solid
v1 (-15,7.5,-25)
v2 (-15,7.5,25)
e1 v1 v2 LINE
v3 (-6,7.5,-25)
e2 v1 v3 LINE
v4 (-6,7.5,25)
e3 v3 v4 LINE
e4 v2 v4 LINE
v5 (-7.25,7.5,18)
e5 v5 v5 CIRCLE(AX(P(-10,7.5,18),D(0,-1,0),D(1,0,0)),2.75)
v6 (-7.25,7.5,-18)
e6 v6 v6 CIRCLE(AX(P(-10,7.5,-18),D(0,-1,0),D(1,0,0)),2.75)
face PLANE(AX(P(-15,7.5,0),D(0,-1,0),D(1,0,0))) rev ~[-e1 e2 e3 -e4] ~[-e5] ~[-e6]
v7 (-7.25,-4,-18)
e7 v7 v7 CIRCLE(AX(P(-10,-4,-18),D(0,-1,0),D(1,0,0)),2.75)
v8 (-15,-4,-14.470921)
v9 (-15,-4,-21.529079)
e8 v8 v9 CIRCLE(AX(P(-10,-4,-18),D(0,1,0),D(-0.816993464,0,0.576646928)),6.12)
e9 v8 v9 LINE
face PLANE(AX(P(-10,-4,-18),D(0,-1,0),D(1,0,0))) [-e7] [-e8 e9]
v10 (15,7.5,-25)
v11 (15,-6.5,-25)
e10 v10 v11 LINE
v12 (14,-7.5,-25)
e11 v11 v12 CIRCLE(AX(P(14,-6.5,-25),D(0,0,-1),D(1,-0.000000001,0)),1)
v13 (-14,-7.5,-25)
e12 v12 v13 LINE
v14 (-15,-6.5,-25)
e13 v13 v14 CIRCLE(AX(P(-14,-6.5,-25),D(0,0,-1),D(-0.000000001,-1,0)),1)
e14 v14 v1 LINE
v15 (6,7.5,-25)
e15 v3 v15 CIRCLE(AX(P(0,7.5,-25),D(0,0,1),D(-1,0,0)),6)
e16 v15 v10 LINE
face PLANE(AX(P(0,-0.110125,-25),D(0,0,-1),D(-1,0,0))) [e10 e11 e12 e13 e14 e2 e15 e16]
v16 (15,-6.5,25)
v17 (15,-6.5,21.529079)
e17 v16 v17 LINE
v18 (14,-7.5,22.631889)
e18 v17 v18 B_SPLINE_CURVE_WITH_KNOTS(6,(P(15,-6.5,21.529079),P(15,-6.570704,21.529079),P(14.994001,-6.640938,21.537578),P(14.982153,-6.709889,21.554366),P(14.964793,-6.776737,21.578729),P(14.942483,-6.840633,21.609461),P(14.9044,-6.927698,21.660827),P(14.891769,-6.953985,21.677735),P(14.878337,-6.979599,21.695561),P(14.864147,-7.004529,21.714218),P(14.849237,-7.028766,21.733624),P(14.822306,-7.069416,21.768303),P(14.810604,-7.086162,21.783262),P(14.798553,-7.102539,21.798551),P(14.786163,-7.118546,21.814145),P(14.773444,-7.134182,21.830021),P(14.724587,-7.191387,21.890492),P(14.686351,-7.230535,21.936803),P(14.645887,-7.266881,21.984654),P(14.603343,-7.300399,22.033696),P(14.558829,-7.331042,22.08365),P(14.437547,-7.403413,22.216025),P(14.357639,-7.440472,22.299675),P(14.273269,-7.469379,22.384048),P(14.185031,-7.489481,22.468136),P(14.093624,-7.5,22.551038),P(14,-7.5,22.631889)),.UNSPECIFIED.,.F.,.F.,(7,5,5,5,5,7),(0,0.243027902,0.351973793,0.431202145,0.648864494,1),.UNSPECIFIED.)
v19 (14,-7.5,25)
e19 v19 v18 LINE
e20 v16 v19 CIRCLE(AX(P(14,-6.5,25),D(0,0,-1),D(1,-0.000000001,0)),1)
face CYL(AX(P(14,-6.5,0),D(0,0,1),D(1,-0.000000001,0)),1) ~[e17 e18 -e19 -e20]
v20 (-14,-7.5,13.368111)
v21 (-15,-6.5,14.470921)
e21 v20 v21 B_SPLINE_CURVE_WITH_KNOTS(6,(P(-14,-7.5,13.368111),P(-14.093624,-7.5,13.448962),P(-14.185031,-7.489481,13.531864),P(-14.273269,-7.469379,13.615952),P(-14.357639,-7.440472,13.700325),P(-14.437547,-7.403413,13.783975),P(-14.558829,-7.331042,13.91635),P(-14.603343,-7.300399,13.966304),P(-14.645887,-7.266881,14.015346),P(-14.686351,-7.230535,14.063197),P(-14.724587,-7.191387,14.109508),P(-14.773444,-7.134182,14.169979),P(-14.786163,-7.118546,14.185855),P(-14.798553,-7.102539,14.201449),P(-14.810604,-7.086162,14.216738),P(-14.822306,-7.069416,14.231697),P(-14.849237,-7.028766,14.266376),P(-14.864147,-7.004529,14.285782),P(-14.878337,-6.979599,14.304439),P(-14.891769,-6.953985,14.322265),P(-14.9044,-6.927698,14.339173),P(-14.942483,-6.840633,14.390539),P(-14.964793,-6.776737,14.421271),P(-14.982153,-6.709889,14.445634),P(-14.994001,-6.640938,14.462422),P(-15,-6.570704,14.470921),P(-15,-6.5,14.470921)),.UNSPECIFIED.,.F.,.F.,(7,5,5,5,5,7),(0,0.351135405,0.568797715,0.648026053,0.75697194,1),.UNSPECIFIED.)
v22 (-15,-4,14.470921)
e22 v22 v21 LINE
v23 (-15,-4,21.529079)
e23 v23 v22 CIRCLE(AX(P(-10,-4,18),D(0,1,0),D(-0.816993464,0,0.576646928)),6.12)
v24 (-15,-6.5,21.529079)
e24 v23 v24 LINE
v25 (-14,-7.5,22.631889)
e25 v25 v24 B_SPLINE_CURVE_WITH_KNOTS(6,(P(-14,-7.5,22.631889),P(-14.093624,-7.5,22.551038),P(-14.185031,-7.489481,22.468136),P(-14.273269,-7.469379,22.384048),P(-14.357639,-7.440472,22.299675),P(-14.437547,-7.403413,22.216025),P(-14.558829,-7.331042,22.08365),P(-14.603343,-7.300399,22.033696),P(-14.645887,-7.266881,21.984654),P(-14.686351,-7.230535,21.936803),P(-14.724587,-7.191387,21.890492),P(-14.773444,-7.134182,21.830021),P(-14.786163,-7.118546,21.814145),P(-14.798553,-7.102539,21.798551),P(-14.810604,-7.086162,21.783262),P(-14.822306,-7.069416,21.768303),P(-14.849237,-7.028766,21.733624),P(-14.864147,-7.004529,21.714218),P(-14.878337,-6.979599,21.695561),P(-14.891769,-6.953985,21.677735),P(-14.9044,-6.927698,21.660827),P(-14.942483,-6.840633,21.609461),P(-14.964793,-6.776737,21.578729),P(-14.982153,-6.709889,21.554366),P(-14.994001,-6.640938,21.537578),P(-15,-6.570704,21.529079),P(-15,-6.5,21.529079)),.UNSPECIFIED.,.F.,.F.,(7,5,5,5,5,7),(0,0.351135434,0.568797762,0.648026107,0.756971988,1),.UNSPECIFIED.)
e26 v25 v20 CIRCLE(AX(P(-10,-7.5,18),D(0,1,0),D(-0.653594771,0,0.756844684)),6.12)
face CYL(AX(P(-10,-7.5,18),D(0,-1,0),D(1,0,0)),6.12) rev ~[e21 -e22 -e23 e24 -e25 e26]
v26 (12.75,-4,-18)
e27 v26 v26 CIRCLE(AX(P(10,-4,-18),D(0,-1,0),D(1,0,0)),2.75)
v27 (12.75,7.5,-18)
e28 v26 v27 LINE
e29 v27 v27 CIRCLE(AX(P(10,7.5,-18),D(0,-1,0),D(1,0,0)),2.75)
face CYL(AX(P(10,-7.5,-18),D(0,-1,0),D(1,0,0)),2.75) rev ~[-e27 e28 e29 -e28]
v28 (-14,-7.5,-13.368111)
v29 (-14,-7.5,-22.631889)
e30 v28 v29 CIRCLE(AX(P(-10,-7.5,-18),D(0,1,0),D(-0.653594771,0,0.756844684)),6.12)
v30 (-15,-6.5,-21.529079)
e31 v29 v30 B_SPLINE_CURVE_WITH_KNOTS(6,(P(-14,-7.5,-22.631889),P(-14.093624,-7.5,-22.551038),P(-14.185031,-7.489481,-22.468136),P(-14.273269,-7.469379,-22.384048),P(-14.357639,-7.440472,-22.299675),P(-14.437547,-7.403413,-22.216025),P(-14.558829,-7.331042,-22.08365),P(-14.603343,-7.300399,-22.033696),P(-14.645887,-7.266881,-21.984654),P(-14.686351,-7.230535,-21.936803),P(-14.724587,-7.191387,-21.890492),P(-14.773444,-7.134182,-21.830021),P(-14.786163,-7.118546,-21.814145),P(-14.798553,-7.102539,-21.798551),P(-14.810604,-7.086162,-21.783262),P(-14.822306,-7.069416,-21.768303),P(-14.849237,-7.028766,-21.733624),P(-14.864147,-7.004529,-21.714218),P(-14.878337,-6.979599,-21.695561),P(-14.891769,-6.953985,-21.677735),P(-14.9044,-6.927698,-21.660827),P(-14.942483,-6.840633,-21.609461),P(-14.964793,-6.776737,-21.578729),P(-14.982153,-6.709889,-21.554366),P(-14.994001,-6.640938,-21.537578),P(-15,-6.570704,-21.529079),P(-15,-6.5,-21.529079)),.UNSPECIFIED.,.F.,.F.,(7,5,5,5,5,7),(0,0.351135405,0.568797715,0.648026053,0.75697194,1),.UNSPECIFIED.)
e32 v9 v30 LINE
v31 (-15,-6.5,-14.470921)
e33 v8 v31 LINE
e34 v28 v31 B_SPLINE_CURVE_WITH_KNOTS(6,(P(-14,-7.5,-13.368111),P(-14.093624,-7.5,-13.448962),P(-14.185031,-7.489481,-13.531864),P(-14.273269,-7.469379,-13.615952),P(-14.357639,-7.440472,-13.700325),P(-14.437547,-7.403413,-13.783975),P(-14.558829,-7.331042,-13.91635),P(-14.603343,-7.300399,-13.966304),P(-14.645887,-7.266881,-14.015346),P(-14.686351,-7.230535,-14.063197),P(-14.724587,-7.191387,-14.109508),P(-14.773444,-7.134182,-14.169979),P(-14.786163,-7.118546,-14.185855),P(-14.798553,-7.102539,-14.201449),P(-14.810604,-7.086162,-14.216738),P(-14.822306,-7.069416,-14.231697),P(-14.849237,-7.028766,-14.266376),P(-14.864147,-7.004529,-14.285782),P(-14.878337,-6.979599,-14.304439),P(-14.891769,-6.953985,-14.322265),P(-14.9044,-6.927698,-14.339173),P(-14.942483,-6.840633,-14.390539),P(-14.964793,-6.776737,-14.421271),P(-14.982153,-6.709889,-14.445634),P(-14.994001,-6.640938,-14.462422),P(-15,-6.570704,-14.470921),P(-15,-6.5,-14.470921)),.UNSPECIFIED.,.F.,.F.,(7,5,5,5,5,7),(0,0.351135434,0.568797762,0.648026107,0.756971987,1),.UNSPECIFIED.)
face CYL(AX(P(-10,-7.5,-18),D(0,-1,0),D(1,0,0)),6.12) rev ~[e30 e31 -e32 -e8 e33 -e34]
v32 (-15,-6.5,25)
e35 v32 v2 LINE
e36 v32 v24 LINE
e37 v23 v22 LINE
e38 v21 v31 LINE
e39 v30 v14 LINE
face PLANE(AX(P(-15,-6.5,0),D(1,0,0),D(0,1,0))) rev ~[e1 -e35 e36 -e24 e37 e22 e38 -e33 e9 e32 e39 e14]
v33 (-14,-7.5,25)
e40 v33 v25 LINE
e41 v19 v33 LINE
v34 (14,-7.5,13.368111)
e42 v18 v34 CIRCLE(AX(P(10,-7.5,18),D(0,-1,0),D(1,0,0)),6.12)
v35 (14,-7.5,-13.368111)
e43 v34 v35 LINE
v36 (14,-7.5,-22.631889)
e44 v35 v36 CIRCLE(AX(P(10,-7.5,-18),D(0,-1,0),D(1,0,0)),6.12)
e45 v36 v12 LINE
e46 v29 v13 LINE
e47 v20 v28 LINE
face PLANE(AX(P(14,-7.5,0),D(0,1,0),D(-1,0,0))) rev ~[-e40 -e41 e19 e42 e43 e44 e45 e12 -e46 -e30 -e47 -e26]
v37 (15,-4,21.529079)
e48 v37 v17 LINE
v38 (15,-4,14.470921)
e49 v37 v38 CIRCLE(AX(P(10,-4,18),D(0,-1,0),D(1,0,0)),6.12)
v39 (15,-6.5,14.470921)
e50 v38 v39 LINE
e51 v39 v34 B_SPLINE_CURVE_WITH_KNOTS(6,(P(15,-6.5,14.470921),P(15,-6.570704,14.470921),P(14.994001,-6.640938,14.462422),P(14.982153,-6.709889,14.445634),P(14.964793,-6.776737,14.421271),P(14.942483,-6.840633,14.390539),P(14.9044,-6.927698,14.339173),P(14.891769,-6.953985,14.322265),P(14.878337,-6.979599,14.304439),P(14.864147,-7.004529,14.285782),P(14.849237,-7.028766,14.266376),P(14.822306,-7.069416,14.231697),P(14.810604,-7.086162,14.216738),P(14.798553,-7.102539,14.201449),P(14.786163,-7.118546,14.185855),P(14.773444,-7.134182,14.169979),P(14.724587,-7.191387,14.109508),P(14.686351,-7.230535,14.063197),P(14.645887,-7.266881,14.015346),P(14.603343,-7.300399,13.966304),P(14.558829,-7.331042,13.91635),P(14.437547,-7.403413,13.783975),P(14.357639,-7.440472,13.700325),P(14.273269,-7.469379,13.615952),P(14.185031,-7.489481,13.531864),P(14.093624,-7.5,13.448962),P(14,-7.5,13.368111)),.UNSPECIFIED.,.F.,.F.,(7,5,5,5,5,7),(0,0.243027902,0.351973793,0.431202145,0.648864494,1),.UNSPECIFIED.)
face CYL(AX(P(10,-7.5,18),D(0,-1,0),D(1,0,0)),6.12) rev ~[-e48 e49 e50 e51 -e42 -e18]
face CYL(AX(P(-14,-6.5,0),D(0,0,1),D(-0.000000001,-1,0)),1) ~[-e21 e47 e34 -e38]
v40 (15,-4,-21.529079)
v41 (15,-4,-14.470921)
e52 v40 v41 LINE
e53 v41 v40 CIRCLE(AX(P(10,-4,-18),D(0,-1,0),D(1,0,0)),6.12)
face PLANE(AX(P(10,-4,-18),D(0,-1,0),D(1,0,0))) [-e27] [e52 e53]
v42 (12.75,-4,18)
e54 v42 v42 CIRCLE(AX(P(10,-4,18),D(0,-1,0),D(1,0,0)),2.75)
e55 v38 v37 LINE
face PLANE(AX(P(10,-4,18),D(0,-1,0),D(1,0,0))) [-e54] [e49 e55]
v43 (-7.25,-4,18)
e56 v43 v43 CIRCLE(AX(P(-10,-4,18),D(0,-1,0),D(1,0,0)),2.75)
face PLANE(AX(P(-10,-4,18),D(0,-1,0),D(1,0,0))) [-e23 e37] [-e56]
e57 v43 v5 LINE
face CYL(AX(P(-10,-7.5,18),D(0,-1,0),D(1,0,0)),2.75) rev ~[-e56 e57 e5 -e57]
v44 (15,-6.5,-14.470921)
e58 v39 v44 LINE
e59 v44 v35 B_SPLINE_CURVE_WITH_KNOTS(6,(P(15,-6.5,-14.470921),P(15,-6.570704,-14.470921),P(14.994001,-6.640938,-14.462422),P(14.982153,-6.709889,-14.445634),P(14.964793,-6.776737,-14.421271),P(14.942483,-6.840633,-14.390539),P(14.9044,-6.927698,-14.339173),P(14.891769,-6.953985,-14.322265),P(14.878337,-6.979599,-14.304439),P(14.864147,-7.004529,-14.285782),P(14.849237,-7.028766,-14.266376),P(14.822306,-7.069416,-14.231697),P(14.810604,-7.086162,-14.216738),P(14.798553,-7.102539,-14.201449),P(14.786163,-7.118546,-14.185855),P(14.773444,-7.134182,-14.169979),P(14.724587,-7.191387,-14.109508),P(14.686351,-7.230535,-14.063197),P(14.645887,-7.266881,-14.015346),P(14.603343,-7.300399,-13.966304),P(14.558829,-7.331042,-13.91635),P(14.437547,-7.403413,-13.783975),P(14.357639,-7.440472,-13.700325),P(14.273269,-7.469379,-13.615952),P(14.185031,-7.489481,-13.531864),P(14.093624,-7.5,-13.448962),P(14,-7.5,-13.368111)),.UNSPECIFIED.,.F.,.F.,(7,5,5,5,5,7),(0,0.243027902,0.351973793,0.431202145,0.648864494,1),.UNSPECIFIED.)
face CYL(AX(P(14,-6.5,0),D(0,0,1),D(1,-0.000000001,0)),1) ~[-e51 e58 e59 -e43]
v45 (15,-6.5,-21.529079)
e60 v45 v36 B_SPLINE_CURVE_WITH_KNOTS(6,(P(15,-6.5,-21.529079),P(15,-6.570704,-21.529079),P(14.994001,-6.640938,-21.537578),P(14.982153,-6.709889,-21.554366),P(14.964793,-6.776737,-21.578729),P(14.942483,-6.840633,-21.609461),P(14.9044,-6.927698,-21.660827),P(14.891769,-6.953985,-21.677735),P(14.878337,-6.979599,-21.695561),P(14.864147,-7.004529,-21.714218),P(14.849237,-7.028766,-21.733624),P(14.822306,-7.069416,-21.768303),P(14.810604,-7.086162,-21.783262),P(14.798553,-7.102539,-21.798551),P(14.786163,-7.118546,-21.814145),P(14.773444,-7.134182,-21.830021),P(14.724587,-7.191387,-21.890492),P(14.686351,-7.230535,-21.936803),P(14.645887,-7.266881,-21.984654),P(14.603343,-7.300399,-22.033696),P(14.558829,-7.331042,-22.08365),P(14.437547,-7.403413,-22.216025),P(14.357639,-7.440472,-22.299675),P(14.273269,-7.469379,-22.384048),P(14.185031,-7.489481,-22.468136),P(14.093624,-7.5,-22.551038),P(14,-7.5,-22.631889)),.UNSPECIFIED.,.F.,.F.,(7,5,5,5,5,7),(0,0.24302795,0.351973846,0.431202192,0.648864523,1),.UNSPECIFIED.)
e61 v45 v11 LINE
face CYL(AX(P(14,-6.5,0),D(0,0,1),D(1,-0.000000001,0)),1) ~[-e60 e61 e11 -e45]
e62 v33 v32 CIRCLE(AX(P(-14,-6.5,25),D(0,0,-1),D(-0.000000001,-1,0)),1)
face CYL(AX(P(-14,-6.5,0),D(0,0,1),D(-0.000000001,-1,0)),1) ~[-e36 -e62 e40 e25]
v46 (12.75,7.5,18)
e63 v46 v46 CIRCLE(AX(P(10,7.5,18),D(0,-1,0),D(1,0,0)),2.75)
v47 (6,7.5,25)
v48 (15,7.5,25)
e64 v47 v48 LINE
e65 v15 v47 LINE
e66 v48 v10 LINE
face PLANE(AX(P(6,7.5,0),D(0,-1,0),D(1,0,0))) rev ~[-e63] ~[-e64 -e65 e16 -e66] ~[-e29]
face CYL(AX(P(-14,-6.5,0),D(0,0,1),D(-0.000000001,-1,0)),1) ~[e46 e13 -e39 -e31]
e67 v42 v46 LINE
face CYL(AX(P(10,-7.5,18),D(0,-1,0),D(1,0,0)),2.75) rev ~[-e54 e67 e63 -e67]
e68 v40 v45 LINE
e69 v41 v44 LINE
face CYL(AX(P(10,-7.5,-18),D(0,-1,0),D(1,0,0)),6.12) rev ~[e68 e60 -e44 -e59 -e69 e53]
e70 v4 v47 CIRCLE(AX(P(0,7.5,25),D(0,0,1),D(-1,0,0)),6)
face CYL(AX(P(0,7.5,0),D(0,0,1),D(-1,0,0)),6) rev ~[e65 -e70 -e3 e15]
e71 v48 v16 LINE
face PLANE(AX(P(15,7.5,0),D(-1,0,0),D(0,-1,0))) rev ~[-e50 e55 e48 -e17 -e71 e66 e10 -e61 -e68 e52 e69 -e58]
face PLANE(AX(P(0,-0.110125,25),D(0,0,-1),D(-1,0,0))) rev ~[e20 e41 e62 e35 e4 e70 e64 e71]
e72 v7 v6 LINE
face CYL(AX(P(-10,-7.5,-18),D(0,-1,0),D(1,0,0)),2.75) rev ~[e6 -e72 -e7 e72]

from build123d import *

# Parameters (mm, degrees)
BOSS_EXTRUDE2_DEPTH = 25
SKETCH2_R           = 6.12
CUT_EXTRUDE1_DEPTH  = 3.5
SKETCH2_3_R         = 2.75
CUT_EXTRUDE2_DEPTH  = 33.787192744


with BuildPart() as part:
    # Sketch1 → Boss-Extrude2 (new, symmetric)
    with BuildSketch(Plane.XY):
        with BuildLine():
            Line((6, 7.5), (15, 7.5))
            Line((15, 7.5), (15, -6.5))
            ThreePointArc((15, -6.5), (14.707106781, -7.207106781), (14, -7.5))
            Line((14, -7.5), (-14, -7.5))
            ThreePointArc((-14, -7.5), (-14.707106781, -7.207106781), (-15, -6.5))
            Line((-15, -6.5), (-15, 7.5))
            Line((-15, 7.5), (-6, 7.5))
            ThreePointArc((-6, 7.5), (0, 1.5), (6, 7.5))
        make_face()
    extrude(amount=BOSS_EXTRUDE2_DEPTH, both=True)

    # Sketch2 → Cut-Extrude1 (cut)
    with BuildSketch(Plane.XZ.offset(7.5)):
        with Locations((10, 18)):
            Circle(SKETCH2_R)
        with Locations((10, -18)):
            Circle(SKETCH2_R)
        with Locations((-10, -18)):
            Circle(SKETCH2_R)
        with Locations((-10, 18)):
            Circle(SKETCH2_R)
    extrude(amount=-CUT_EXTRUDE1_DEPTH, mode=Mode.SUBTRACT)

    # Sketch2<3> → Cut-Extrude2 (cut, through all)
    with BuildSketch(Plane.XZ.offset(7.5)):
        with Locations((10, 18)):
            Circle(SKETCH2_3_R)
        with Locations((10, -18)):
            Circle(SKETCH2_3_R)
        with Locations((-10, -18)):
            Circle(SKETCH2_3_R)
        with Locations((-10, 18)):
            Circle(SKETCH2_3_R)
    extrude(amount=-CUT_EXTRUDE2_DEPTH, mode=Mode.SUBTRACT)


solid = part.part
